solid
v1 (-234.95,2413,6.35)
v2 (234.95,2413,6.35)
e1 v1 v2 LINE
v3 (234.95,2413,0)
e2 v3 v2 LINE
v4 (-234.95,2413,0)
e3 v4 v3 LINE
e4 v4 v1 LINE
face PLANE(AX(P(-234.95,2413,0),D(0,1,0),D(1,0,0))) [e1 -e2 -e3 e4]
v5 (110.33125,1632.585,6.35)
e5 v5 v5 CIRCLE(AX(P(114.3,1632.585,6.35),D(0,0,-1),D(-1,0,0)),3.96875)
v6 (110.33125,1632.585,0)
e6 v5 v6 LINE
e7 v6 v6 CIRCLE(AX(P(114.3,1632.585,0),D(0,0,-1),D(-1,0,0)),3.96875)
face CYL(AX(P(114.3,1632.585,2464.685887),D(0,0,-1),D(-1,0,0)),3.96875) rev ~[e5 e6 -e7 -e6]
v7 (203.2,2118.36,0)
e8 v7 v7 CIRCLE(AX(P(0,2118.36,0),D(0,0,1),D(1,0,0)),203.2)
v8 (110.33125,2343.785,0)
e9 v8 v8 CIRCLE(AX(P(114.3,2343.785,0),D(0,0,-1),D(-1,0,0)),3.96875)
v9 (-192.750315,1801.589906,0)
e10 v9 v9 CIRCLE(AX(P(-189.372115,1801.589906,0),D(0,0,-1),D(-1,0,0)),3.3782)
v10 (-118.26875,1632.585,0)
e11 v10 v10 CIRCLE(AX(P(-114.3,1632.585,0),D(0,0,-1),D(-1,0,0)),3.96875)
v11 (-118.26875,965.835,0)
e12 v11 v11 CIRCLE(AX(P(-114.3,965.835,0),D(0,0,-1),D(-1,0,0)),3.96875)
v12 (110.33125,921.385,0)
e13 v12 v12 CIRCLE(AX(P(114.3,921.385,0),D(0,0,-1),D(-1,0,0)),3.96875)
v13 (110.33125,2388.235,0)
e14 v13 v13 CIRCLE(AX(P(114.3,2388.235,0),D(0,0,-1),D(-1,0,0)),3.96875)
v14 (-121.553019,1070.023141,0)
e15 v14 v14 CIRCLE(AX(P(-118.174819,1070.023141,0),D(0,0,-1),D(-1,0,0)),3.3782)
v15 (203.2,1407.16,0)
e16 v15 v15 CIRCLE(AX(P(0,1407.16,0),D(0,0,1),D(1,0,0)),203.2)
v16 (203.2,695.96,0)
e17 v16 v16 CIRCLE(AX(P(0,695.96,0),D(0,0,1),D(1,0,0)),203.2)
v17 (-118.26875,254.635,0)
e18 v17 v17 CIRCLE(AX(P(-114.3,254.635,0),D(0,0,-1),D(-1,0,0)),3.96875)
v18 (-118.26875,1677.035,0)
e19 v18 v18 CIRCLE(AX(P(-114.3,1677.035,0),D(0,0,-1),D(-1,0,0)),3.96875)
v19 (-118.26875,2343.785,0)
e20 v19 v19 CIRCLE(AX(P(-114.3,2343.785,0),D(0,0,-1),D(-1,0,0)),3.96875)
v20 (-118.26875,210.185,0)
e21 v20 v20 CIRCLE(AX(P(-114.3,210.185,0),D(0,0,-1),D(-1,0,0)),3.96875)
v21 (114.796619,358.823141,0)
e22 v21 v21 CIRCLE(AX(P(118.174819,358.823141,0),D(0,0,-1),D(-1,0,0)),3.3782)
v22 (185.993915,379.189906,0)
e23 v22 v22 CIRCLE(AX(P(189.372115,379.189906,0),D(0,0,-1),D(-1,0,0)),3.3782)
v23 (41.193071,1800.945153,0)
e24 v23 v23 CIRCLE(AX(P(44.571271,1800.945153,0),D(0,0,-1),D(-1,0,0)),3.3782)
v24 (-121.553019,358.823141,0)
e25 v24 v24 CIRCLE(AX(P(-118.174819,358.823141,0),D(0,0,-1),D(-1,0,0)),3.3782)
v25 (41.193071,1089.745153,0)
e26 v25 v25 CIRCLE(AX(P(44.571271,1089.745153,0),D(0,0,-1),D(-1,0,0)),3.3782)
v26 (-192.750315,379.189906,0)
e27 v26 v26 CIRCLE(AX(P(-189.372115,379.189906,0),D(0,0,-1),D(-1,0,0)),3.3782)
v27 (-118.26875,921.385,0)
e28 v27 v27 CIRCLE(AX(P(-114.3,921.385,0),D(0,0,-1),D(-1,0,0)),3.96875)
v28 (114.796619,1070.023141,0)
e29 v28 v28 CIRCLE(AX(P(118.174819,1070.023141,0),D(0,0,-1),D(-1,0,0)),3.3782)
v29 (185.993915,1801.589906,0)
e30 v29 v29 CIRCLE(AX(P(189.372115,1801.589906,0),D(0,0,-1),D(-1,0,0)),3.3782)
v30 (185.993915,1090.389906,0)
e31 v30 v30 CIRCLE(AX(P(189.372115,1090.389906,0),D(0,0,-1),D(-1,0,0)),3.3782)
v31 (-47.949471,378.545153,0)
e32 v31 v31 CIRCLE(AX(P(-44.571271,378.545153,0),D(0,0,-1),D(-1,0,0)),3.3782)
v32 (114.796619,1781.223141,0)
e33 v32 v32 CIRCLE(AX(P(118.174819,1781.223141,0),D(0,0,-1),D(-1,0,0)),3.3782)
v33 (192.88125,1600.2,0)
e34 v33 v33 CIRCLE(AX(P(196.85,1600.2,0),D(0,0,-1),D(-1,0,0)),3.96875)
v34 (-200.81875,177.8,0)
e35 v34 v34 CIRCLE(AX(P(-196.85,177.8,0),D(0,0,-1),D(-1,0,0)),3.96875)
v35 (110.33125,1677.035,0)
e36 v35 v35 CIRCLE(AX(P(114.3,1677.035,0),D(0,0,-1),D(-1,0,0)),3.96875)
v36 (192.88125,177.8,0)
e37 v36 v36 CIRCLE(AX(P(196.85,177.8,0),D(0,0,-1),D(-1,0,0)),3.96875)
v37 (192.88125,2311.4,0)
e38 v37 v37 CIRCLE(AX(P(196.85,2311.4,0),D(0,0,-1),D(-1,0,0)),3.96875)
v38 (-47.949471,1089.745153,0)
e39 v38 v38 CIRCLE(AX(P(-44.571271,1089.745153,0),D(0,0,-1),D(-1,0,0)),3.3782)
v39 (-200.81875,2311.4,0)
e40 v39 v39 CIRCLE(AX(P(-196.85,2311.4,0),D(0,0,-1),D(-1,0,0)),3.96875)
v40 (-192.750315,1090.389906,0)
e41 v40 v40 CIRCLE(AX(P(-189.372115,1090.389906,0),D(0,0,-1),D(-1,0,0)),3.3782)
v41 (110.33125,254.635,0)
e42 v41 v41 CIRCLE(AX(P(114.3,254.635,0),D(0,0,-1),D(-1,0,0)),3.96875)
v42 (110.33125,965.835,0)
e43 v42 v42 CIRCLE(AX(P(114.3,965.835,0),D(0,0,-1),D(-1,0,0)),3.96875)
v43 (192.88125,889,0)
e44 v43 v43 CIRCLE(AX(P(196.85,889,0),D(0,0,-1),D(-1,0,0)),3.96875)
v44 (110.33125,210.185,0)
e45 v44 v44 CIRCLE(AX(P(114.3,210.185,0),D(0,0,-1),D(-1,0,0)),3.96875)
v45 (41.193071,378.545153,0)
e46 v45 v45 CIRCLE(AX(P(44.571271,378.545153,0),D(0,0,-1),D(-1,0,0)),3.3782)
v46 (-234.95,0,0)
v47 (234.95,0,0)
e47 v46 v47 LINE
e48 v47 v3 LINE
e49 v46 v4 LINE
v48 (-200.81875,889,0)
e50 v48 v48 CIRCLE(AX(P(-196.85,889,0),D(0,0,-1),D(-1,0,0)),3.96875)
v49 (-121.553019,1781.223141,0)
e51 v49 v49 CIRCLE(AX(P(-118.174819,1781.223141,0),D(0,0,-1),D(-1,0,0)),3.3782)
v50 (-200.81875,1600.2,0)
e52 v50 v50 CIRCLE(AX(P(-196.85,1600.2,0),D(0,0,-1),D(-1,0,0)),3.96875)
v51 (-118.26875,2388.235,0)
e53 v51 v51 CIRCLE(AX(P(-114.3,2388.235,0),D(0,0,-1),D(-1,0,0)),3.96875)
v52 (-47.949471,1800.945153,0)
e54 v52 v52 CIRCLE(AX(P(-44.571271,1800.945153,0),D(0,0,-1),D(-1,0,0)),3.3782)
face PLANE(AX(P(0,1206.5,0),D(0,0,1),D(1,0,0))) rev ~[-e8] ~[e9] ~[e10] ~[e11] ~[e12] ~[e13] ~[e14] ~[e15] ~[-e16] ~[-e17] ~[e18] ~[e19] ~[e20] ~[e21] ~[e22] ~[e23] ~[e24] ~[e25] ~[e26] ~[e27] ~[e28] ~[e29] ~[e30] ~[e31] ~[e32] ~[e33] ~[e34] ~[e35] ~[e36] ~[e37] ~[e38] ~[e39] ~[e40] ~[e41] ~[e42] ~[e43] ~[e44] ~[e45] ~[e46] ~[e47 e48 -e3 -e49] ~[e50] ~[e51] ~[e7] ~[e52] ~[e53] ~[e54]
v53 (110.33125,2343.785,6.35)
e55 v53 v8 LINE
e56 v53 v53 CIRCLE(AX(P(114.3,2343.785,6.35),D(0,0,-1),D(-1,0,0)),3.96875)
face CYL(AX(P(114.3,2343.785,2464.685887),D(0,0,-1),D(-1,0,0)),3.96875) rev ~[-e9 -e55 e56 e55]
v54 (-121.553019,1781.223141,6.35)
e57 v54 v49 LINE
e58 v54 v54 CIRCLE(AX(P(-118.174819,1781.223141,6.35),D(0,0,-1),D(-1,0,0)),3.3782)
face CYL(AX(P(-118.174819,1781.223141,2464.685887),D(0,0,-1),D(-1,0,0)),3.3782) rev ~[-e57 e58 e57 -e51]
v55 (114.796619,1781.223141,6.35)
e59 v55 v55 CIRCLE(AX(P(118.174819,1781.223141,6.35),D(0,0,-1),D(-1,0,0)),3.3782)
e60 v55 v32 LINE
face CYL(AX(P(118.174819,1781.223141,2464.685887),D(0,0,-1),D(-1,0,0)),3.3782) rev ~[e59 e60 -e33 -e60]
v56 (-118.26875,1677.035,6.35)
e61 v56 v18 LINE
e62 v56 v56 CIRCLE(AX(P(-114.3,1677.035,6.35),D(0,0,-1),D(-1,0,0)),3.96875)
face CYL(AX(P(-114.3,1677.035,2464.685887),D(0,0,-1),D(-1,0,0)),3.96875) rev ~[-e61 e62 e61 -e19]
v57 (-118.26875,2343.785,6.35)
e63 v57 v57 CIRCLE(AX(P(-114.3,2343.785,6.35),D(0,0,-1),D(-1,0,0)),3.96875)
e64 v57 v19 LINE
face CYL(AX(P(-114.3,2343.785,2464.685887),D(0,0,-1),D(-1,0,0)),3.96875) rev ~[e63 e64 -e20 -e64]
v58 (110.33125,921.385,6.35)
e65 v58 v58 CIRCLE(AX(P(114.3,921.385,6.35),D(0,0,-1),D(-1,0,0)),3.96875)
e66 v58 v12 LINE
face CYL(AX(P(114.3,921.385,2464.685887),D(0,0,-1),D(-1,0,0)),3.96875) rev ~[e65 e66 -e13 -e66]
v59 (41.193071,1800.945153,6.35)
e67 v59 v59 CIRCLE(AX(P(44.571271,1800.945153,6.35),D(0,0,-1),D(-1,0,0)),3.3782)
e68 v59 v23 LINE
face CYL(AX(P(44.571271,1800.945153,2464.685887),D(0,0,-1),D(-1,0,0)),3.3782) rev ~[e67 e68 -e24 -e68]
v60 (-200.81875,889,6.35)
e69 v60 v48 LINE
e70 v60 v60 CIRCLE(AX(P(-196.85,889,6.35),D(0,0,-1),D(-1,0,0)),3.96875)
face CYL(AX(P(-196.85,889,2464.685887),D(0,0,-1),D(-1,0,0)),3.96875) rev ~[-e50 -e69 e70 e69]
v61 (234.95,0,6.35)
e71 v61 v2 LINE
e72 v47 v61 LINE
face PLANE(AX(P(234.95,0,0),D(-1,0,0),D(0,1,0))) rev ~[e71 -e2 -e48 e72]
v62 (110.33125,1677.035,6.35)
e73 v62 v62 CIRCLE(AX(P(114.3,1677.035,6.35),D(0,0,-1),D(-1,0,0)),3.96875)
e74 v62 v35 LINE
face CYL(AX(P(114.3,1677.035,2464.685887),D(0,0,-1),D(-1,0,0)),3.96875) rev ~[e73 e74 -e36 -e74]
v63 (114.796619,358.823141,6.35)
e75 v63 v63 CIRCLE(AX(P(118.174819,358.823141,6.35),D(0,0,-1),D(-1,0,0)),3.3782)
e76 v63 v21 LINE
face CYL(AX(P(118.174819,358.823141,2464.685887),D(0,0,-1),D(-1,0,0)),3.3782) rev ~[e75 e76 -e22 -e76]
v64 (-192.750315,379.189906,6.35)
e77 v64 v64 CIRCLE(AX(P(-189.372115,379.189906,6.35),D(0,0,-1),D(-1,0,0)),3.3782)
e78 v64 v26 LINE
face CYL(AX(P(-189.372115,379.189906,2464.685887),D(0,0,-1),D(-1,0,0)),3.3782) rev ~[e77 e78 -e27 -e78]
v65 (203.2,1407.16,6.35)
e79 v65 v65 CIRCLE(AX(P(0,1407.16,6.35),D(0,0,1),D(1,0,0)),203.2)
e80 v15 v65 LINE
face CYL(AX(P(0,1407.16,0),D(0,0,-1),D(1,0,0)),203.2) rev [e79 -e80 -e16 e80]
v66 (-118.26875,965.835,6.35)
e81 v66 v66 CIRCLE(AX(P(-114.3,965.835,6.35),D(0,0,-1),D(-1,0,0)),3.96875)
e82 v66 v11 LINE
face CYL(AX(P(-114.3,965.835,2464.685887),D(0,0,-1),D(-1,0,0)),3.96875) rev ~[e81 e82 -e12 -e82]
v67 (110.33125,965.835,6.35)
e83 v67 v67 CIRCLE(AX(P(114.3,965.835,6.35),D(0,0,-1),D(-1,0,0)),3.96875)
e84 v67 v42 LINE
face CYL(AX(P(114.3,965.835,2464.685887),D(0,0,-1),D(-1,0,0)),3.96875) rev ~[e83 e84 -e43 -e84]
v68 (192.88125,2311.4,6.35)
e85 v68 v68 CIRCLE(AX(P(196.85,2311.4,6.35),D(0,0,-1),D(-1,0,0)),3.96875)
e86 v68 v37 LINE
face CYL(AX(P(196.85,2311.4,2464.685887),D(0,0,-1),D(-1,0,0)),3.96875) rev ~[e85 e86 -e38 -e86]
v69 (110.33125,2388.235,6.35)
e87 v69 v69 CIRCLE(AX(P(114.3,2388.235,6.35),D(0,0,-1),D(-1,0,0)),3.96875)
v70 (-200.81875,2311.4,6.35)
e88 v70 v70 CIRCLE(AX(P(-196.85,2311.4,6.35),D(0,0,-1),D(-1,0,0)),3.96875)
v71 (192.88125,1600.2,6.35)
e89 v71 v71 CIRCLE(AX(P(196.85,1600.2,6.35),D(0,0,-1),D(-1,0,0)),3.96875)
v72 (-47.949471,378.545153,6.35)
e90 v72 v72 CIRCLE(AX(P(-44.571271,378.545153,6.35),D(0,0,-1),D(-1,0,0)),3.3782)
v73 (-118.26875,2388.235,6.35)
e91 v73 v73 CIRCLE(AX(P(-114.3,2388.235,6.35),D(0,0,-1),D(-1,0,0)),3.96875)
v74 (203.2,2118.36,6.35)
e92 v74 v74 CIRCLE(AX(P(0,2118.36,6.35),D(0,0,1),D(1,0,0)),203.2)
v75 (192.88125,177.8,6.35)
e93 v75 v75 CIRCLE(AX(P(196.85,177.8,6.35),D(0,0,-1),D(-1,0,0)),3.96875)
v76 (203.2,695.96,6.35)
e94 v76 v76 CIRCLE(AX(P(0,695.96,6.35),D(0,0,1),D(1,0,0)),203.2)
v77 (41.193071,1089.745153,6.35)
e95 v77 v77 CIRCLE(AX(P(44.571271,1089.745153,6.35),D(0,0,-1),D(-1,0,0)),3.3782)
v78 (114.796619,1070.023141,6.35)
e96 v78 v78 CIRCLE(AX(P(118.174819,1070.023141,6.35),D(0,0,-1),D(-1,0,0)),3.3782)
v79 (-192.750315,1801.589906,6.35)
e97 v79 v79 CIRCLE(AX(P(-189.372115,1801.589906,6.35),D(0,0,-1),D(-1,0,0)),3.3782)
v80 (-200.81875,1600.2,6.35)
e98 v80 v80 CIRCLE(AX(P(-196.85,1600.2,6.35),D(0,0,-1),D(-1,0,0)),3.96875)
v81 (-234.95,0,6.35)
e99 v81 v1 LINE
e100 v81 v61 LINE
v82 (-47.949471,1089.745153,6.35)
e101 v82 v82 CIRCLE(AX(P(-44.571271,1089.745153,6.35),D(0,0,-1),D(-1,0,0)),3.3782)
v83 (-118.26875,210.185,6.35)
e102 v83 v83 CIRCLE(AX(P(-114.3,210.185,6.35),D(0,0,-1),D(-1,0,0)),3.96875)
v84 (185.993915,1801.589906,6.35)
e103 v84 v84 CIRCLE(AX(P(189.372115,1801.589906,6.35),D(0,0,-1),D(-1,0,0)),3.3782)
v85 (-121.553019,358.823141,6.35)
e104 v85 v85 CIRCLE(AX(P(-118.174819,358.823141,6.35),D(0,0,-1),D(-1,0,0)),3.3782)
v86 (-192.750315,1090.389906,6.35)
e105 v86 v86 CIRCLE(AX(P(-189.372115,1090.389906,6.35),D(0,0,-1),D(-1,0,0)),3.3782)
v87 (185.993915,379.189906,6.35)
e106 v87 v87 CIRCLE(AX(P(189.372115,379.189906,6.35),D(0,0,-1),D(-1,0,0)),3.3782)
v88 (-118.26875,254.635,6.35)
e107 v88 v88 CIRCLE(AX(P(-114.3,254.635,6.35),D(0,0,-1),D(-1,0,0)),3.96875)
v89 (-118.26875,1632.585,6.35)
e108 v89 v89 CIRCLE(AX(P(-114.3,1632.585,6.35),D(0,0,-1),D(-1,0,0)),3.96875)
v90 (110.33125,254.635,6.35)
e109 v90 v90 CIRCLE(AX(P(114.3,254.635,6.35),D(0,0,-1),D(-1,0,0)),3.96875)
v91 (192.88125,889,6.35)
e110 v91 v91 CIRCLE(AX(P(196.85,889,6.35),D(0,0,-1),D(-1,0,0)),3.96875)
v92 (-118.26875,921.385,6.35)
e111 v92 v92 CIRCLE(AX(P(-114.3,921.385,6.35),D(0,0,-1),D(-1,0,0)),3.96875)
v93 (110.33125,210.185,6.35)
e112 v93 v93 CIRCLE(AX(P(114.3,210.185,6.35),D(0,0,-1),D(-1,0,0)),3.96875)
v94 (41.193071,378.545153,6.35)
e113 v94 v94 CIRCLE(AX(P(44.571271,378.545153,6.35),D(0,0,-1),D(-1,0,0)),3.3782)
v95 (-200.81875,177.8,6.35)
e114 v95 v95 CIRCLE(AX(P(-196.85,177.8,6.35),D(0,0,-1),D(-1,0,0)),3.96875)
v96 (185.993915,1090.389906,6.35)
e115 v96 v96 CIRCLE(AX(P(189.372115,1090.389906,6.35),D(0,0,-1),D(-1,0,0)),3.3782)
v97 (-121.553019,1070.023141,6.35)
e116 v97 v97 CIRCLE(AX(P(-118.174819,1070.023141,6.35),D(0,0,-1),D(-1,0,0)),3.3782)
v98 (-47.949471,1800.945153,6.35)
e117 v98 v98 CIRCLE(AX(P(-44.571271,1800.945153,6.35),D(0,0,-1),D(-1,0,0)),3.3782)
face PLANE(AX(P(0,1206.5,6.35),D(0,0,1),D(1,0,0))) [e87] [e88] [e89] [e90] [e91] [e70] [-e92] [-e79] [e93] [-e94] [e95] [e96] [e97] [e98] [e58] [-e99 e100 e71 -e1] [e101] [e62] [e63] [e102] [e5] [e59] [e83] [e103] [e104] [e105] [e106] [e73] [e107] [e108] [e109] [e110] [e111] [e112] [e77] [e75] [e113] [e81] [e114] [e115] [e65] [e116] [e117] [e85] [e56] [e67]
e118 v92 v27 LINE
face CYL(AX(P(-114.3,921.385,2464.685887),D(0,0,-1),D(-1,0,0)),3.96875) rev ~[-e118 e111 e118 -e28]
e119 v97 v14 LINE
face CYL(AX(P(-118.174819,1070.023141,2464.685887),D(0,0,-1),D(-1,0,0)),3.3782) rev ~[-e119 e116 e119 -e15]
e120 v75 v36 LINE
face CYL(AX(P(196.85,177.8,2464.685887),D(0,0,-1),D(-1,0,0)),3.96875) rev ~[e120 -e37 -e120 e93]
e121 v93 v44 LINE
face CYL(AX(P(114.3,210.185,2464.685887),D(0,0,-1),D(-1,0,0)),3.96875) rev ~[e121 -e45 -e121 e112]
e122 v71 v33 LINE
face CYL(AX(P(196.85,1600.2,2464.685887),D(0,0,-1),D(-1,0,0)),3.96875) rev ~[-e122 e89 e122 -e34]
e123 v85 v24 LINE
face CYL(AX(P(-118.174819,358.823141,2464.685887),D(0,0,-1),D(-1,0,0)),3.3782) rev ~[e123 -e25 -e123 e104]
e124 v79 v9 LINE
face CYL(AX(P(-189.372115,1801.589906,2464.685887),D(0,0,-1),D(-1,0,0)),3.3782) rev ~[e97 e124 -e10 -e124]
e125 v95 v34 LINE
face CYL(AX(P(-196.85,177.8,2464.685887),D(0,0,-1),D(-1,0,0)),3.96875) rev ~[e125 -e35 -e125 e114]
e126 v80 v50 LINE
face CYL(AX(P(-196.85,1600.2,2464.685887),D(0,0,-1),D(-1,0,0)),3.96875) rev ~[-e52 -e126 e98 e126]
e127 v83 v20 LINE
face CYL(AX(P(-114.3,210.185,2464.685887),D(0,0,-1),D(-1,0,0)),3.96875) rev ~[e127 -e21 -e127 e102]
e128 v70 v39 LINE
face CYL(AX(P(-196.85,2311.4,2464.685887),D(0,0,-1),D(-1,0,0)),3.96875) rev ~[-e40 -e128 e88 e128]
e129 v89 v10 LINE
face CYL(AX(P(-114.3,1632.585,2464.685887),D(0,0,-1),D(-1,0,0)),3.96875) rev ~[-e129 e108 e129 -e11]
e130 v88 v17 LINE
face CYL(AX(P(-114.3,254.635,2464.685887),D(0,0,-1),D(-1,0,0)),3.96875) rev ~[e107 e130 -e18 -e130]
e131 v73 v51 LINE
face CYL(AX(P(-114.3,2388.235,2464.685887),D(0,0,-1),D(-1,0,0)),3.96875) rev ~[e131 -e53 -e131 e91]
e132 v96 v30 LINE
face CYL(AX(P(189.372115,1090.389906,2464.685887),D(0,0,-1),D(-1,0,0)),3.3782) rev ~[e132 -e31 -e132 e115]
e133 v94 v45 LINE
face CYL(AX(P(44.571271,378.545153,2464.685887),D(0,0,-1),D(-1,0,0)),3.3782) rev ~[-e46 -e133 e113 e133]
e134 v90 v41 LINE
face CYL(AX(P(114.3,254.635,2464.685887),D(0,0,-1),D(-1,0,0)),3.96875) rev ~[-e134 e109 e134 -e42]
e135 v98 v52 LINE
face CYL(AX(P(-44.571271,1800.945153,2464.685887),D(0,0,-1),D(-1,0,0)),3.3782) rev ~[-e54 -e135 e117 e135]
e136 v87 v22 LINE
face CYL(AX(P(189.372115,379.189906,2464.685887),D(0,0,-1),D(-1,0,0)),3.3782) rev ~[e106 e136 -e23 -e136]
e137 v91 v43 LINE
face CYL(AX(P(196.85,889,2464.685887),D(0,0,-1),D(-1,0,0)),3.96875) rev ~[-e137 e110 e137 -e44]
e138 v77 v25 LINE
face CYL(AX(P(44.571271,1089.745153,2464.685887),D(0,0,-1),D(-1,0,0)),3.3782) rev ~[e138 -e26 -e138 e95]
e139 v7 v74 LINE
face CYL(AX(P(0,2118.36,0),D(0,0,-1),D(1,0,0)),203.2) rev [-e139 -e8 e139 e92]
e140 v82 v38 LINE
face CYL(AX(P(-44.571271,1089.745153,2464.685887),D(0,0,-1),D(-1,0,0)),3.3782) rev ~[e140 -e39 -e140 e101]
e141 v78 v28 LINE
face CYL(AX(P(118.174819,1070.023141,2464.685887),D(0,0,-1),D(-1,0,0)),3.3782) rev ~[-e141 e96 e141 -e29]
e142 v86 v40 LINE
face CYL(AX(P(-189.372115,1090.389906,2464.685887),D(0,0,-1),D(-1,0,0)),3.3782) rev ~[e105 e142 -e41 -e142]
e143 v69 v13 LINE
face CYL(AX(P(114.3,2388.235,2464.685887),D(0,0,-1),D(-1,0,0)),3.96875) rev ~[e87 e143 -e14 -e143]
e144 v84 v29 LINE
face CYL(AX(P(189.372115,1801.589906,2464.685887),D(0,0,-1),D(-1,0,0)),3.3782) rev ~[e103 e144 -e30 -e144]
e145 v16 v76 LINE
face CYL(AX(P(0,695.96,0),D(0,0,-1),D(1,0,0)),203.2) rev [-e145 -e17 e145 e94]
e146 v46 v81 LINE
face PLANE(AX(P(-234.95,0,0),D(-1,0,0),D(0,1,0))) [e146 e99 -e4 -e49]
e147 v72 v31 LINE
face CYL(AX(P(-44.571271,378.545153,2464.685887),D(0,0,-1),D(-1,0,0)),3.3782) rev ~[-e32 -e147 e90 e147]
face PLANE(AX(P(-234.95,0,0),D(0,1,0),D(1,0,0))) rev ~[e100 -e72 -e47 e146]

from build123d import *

# Parameters (mm, degrees)
SKETCH1_W                      = 469.9
SKETCH1_H                      = 2413
SKETCH1_R                      = 203.2
BOSS_EXTRUDE1_DEPTH            = 6.35
F_1_4_CLEARANCE_HOLE1_D        = 6.7564
F_5_16_0_3125_DIAMETER_HOLE1_D = 7.9375


with BuildPart() as part:
    # Sketch1 → Boss-Extrude1 (new body)
    with BuildSketch(Plane.XY):
        with Locations((0, 1206.5)):
            Rectangle(SKETCH1_W, SKETCH1_H)
        with Locations((0, 695.96)):
            Circle(SKETCH1_R, mode=Mode.SUBTRACT)
        with Locations((0, 1407.16)):
            Circle(SKETCH1_R, mode=Mode.SUBTRACT)
        with Locations((0, 2118.36)):
            Circle(SKETCH1_R, mode=Mode.SUBTRACT)
    extrude(amount=BOSS_EXTRUDE1_DEPTH)

    # 1/4 Clearance Hole1 (through all)
    with Locations(Plane.XY.offset(6.35)):
        with Locations((44.571271172, 378.545152647), (118.174819136, 358.82314141), (-44.571271172, 378.545152647), (-118.174819136, 358.82314141), (44.571271172, 1089.745152647), (118.174819136, 1070.02314141), (-44.571271172, 1089.745152647), (-118.174819136, 1070.02314141), (44.571271172, 1800.945152647), (118.174819136, 1781.22314141), (-44.571271172, 1800.945152647), (-118.174819136, 1781.22314141), (189.372114723, 379.189906028), (-189.372114723, 379.189906028), (-189.372114723, 1090.389906028), (-189.372114723, 1801.589906028), (189.372114723, 1801.589906028), (189.372114723, 1090.389906028)):
            Hole(F_1_4_CLEARANCE_HOLE1_D / 2)

    # 5/16 (0.3125) Diameter Hole1 (through all)
    with Locations(Plane.XY.offset(6.35)):
        with Locations((-114.3, 254.635), (-114.3, 210.185), (-196.85, 177.8), (196.85, 177.8), (114.3, 210.185), (114.3, 254.635), (-114.3, 965.835), (-114.3, 921.385), (-196.85, 889), (196.85, 889), (114.3, 921.385), (114.3, 965.835), (-114.3, 1677.035), (-114.3, 1632.585), (-196.85, 1600.2), (196.85, 1600.2), (114.3, 1632.585), (114.3, 1677.035), (-114.3, 2388.235), (-114.3, 2343.785), (-196.85, 2311.4), (196.85, 2311.4), (114.3, 2343.785), (114.3, 2388.235)):
            Hole(F_5_16_0_3125_DIAMETER_HOLE1_D / 2)


solid = part.part
